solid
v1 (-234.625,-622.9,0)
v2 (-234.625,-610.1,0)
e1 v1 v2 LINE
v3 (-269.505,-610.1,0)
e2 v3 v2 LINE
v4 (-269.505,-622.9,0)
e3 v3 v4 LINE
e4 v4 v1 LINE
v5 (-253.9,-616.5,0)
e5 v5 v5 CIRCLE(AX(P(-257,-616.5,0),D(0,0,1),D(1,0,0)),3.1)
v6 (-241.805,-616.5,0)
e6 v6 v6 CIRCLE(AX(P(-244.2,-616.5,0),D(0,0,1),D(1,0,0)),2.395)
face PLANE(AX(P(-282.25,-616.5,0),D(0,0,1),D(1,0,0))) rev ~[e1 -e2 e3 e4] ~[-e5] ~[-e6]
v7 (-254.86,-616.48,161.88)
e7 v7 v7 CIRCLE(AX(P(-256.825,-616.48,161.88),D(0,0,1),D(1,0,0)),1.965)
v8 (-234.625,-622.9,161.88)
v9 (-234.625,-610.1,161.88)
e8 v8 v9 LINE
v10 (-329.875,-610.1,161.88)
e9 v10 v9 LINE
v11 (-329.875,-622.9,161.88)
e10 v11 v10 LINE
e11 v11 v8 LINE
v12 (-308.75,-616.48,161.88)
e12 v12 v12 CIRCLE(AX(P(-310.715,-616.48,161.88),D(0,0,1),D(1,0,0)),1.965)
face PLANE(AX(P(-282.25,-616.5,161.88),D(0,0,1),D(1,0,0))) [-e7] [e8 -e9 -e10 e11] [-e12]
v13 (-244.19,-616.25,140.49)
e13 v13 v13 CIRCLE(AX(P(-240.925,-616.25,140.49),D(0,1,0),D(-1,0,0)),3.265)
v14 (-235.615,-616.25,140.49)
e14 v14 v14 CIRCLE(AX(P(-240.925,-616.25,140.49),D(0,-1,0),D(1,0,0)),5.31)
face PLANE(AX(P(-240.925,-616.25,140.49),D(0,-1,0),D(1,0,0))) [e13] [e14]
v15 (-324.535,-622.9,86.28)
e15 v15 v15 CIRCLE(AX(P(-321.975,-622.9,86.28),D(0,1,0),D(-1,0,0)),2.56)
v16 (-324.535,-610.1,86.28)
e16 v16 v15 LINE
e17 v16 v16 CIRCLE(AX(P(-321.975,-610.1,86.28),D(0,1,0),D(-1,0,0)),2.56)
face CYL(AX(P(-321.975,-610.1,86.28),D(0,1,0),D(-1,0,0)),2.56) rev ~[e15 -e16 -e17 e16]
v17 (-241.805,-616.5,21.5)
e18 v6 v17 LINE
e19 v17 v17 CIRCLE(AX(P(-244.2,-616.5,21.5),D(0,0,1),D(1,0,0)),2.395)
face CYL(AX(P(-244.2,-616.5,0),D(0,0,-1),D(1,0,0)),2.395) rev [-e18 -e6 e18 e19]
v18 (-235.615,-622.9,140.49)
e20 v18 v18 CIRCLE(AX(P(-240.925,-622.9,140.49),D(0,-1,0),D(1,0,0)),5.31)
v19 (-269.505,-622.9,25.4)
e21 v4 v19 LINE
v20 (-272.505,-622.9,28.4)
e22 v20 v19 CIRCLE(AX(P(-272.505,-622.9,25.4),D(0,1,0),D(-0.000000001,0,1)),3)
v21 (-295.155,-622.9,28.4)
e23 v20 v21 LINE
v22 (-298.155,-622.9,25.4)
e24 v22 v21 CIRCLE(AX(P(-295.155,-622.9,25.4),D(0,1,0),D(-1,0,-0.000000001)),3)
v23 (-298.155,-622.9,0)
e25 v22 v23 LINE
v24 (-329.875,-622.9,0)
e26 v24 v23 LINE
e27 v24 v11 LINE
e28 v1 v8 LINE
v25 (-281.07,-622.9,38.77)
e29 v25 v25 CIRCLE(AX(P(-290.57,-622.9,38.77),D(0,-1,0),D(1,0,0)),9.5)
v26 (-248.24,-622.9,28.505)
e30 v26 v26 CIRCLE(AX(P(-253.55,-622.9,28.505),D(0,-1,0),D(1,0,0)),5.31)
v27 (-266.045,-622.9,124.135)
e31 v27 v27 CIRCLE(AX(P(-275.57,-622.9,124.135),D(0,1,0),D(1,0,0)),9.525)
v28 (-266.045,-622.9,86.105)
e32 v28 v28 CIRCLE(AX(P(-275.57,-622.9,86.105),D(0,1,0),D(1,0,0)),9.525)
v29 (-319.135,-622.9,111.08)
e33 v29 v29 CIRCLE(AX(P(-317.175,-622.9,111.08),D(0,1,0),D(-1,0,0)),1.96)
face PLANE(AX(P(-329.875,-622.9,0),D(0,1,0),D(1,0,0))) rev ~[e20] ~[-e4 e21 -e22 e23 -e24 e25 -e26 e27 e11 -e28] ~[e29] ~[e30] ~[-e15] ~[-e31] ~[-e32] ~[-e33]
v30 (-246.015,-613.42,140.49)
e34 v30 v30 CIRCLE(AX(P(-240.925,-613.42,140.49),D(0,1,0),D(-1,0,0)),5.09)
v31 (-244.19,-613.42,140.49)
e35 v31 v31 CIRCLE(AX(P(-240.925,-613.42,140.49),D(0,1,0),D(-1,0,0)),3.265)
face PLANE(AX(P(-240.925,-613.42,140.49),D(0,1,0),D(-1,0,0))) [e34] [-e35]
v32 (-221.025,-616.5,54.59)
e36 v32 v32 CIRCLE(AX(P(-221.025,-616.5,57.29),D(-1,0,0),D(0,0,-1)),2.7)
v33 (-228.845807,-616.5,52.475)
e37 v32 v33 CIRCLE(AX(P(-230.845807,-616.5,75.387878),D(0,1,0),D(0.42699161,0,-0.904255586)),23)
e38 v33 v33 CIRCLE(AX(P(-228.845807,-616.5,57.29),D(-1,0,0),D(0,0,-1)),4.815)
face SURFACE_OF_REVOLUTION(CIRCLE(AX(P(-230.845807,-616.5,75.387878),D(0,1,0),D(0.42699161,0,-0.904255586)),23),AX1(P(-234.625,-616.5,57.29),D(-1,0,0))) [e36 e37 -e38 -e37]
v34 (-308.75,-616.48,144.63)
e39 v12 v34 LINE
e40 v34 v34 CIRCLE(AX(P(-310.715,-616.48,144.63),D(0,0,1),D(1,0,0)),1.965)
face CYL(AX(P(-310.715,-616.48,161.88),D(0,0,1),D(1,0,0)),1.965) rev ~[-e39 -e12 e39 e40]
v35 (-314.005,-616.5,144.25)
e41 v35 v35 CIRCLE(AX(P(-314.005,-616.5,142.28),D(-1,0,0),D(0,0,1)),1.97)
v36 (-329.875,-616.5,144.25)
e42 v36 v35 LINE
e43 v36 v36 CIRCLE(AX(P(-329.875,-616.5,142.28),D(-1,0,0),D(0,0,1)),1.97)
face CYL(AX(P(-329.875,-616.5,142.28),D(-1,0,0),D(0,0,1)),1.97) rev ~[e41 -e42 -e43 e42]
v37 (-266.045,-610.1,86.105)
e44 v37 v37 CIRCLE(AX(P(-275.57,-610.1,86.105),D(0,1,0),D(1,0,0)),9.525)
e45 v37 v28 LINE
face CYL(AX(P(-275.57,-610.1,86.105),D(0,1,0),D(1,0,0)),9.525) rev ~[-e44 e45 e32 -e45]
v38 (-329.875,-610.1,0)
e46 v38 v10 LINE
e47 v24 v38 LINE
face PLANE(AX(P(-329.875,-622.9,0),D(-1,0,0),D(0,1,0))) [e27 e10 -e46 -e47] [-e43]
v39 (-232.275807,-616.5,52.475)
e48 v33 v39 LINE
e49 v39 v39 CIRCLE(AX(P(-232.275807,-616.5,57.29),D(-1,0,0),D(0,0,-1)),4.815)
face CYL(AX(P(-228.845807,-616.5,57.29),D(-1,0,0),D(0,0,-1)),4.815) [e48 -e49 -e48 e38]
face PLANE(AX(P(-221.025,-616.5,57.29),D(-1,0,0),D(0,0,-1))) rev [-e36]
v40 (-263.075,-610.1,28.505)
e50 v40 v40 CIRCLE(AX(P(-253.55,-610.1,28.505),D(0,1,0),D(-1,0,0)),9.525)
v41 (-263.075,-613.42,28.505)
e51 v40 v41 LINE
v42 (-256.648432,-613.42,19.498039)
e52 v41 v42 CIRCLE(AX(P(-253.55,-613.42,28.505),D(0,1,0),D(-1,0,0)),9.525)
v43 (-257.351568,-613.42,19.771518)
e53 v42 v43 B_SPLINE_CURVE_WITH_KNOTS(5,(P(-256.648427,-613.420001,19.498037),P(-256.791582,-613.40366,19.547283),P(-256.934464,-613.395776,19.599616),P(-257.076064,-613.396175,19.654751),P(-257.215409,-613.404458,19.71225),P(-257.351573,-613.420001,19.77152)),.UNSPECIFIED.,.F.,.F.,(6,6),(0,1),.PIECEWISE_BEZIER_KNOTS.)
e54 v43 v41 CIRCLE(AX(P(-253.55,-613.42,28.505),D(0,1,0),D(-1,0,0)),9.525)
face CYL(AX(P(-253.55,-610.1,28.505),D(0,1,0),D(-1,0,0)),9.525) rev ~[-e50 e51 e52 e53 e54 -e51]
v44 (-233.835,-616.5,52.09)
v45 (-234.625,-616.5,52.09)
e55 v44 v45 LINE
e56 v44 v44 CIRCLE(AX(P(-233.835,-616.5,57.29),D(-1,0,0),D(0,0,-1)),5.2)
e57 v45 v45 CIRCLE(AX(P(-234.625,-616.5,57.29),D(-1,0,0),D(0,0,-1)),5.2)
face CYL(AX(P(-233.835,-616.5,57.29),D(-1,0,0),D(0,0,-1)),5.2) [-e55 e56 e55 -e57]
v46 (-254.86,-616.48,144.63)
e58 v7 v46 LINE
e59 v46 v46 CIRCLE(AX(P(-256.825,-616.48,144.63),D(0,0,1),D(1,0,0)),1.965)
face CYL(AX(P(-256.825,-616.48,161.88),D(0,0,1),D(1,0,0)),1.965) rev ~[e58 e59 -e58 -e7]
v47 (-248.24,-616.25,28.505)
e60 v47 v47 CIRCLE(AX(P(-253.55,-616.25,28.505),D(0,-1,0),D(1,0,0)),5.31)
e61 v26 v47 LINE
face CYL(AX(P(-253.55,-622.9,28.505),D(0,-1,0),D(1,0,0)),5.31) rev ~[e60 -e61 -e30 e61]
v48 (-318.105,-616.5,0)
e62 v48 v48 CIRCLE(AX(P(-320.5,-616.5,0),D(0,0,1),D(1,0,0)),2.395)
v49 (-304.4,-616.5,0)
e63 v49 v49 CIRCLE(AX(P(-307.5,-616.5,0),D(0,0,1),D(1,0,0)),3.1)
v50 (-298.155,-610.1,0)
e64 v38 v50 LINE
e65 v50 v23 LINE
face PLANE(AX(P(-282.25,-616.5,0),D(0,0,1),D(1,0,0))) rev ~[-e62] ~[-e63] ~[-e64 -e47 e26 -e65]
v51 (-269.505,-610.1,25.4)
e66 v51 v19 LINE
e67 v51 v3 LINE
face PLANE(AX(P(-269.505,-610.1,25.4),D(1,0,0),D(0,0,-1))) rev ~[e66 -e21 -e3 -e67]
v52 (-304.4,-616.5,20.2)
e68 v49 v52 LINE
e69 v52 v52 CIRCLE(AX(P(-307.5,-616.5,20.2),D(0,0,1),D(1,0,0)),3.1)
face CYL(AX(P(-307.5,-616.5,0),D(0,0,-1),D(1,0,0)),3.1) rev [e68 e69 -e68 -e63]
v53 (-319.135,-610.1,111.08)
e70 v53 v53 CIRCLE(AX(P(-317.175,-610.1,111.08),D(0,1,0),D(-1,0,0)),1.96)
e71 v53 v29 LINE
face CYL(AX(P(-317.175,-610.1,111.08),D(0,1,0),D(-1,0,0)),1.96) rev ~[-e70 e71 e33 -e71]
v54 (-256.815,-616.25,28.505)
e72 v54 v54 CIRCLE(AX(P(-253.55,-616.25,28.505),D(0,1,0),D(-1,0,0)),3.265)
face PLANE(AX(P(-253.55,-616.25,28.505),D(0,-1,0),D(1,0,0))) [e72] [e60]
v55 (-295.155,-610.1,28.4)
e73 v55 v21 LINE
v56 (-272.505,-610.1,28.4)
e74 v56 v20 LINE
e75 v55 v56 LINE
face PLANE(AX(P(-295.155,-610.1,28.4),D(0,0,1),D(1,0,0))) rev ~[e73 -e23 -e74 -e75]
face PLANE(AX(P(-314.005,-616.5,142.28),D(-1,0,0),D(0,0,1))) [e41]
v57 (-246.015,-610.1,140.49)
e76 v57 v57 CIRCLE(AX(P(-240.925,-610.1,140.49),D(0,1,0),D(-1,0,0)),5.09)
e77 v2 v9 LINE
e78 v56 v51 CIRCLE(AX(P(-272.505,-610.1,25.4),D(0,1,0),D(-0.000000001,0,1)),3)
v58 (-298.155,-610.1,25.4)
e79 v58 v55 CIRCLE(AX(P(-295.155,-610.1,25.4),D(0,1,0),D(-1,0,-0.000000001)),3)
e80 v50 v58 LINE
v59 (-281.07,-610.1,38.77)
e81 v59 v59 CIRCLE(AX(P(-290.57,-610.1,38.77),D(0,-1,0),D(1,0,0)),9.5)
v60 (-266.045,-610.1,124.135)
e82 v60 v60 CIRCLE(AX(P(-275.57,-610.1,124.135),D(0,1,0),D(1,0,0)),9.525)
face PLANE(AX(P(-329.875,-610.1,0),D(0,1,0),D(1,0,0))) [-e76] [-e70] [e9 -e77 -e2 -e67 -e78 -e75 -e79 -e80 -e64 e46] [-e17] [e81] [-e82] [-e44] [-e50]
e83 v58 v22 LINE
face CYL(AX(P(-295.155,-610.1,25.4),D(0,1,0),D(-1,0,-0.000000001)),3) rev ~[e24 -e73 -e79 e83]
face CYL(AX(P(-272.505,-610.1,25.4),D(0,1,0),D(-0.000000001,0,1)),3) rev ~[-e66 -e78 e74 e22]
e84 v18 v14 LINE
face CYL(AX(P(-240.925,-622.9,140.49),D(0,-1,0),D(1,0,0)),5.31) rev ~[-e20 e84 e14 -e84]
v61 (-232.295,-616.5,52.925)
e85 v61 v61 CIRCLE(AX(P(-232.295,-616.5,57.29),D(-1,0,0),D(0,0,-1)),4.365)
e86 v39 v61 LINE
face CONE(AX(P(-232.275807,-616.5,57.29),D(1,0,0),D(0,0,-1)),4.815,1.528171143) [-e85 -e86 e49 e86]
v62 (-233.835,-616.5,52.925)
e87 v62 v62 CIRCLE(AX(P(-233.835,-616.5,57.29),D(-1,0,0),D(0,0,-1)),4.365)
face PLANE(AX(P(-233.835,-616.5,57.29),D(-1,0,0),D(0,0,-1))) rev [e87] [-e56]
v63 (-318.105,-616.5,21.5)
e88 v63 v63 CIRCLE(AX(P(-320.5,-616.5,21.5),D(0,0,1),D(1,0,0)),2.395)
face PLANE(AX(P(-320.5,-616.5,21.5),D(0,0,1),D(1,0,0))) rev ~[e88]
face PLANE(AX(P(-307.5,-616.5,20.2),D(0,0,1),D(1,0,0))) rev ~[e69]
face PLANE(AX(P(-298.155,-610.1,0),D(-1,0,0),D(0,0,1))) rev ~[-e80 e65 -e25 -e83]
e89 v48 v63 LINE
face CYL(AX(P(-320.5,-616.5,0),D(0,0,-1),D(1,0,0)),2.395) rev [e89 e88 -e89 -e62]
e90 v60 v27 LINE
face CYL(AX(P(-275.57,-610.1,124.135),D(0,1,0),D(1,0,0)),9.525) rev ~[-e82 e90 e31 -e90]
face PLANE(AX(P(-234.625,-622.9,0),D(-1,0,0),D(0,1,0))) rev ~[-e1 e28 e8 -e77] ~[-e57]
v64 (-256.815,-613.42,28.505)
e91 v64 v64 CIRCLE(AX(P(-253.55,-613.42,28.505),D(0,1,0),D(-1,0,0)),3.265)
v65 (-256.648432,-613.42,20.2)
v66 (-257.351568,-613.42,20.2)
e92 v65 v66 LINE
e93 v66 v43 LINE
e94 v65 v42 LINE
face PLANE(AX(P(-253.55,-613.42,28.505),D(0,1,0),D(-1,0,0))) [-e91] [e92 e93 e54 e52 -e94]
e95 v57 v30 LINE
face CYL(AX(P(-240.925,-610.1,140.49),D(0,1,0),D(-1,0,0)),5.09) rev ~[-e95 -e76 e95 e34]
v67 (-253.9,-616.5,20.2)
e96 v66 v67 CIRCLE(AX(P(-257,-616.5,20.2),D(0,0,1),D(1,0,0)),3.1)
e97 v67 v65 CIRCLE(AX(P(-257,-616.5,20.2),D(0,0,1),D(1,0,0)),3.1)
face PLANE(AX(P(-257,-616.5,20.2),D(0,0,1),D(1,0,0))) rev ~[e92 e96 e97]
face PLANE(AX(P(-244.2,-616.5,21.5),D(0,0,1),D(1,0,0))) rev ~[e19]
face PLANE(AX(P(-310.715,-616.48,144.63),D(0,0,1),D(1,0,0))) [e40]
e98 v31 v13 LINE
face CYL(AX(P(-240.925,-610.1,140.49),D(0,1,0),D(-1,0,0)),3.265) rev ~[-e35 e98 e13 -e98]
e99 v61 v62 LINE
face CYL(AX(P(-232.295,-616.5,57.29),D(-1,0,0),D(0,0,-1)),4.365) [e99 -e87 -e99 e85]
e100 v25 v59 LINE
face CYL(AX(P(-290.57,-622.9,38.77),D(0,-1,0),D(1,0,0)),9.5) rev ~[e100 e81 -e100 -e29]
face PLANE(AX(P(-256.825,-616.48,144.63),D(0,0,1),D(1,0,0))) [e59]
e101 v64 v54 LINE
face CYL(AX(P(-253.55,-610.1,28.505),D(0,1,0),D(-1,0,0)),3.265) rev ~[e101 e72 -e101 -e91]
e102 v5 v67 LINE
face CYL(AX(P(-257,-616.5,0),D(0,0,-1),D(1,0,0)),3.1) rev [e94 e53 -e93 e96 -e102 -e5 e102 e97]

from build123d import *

# Parameters (mm, degrees)
SKETCH1_W           = 95.25
SKETCH1_H           = 12.8
BOSS_EXTRUDE1_DEPTH = 161.88
SKETCH1_3_R         = 3.1
CUT_EXTRUDE1_DEPTH  = 20.2
SKETCH1_4_R         = 2.395
CUT_EXTRUDE2_DEPTH  = 21.5
CUT_EXTRUDE3_REACH  = 369.677
SKETCH2_R           = 9.525
CUT_EXTRUDE4_REACH  = 369.677
SKETCH3_R           = 3.265
SKETCH3_R_2         = 1.96
SKETCH3_R_3         = 2.56
SKETCH4_R           = 9.525
SKETCH4_R_2         = 5.09
CUT_EXTRUDE5_DEPTH  = 3.32
SKETCH5_R           = 5.31
CUT_EXTRUDE6_DEPTH  = 6.65
SKETCH6_R           = 1.965
CUT_EXTRUDE7_DEPTH  = 17.25
SKETCH7_R           = 1.97
CUT_EXTRUDE8_DEPTH  = 15.87
SKETCH9_R           = 9.5
CUT_EXTRUDE9_DEPTH  = 368.677154617


with BuildPart() as part:
    # Sketch1 → Boss-Extrude1 (new body)
    with BuildSketch(Plane.XY):
        with Locations((-282.25, -616.5)):
            Rectangle(SKETCH1_W, SKETCH1_H)
    extrude(amount=BOSS_EXTRUDE1_DEPTH)

    # Sketch1<3> → Cut-Extrude1 (cut)
    with BuildSketch(Plane.XY):
        with Locations((-257, -616.5)):
            Circle(SKETCH1_3_R)
        with Locations((-307.5, -616.5)):
            Circle(SKETCH1_3_R)
    extrude(amount=CUT_EXTRUDE1_DEPTH, mode=Mode.SUBTRACT)

    # Sketch1<4> → Cut-Extrude2 (cut)
    with BuildSketch(Plane.XY):
        with Locations((-244.2, -616.5)):
            Circle(SKETCH1_4_R)
        with Locations((-320.5, -616.5)):
            Circle(SKETCH1_4_R)
    extrude(amount=CUT_EXTRUDE2_DEPTH, mode=Mode.SUBTRACT)

    # Sketch2 → Cut-Extrude3 (cut, up to next)
    with BuildSketch(Plane(origin=(0, -610.1, 0), x_dir=(1, 0, 0), z_dir=(0, 1, 0)), mode=Mode.PRIVATE) as cut_extrude3_sk1:
        with Locations((-275.57, -124.135)):
            Circle(SKETCH2_R)
    cut_extrude3_tool1 = extrude(cut_extrude3_sk1.sketch, amount=-CUT_EXTRUDE3_REACH, mode=Mode.PRIVATE) & part.part
    # Sketch2 → Cut-Extrude3 (cut, up to next)
    with BuildSketch(Plane(origin=(0, -610.1, 0), x_dir=(1, 0, 0), z_dir=(0, 1, 0)), mode=Mode.PRIVATE) as cut_extrude3_sk2:
        with Locations((-275.57, -86.105)):
            Circle(SKETCH2_R)
    cut_extrude3_tool2 = extrude(cut_extrude3_sk2.sketch, amount=-CUT_EXTRUDE3_REACH, mode=Mode.PRIVATE) & part.part
    # Sketch2 → Cut-Extrude3 (cut, up to next)
    with BuildSketch(Plane(origin=(0, -610.1, 0), x_dir=(1, 0, 0), z_dir=(0, 1, 0)), mode=Mode.PRIVATE) as cut_extrude3_sk3:
        with BuildLine():
            Line((-269.505, 0), (-298.155, 0))
            Line((-298.155, 0), (-298.155, -25.4))
            ThreePointArc((-298.155, -25.4), (-297.276320344, -27.521320344), (-295.155, -28.4))
            Line((-295.155, -28.4), (-272.505, -28.4))
            ThreePointArc((-272.505, -28.4), (-270.383679656, -27.521320344), (-269.505, -25.4))
            Line((-269.505, -25.4), (-269.505, 0))
        make_face()
    cut_extrude3_tool3 = extrude(cut_extrude3_sk3.sketch, amount=-CUT_EXTRUDE3_REACH, mode=Mode.PRIVATE) & part.part
    add(cut_extrude3_tool1.solids().sort_by_distance((-275.57, -610.1, 124.135))[0], mode=Mode.SUBTRACT)
    add(cut_extrude3_tool2.solids().sort_by_distance((-275.57, -610.1, 86.105))[0], mode=Mode.SUBTRACT)
    add(cut_extrude3_tool3.solids().sort_by_distance((-283.83, -610.1, 14.135461))[0], mode=Mode.SUBTRACT)

    # Sketch3 → Cut-Extrude4 (cut, up to next)
    with BuildSketch(Plane(origin=(0, -610.1, 0), x_dir=(-1, 0, 0), z_dir=(0, 1, 0)), mode=Mode.PRIVATE) as cut_extrude4_sk1:
        with Locations((240.925, 140.49)):
            Circle(SKETCH3_R)
    cut_extrude4_tool1 = extrude(cut_extrude4_sk1.sketch, amount=-CUT_EXTRUDE4_REACH, mode=Mode.PRIVATE) & part.part
    # Sketch3 → Cut-Extrude4 (cut, up to next)
    with BuildSketch(Plane(origin=(0, -610.1, 0), x_dir=(-1, 0, 0), z_dir=(0, 1, 0)), mode=Mode.PRIVATE) as cut_extrude4_sk2:
        with Locations((253.55, 28.505)):
            Circle(SKETCH3_R)
    cut_extrude4_tool2 = extrude(cut_extrude4_sk2.sketch, amount=-CUT_EXTRUDE4_REACH, mode=Mode.PRIVATE) & part.part
    # Sketch3 → Cut-Extrude4 (cut, up to next)
    with BuildSketch(Plane(origin=(0, -610.1, 0), x_dir=(-1, 0, 0), z_dir=(0, 1, 0)), mode=Mode.PRIVATE) as cut_extrude4_sk3:
        with Locations((317.175, 111.08)):
            Circle(SKETCH3_R_2)
    cut_extrude4_tool3 = extrude(cut_extrude4_sk3.sketch, amount=-CUT_EXTRUDE4_REACH, mode=Mode.PRIVATE) & part.part
    # Sketch3 → Cut-Extrude4 (cut, up to next)
    with BuildSketch(Plane(origin=(0, -610.1, 0), x_dir=(-1, 0, 0), z_dir=(0, 1, 0)), mode=Mode.PRIVATE) as cut_extrude4_sk4:
        with Locations((321.975, 86.28)):
            Circle(SKETCH3_R_3)
    cut_extrude4_tool4 = extrude(cut_extrude4_sk4.sketch, amount=-CUT_EXTRUDE4_REACH, mode=Mode.PRIVATE) & part.part
    add(cut_extrude4_tool1.solids().sort_by_distance((-240.925, -610.1, 140.49))[0], mode=Mode.SUBTRACT)
    add(cut_extrude4_tool2.solids().sort_by_distance((-253.55, -610.1, 28.505))[0], mode=Mode.SUBTRACT)
    add(cut_extrude4_tool3.solids().sort_by_distance((-317.175, -610.1, 111.08))[0], mode=Mode.SUBTRACT)
    add(cut_extrude4_tool4.solids().sort_by_distance((-321.975, -610.1, 86.28))[0], mode=Mode.SUBTRACT)

    # Sketch4 → Cut-Extrude5 (cut)
    with BuildSketch(Plane(origin=(0, -610.1, 0), x_dir=(-1, 0, 0), z_dir=(0, 1, 0))):
        with Locations((253.55, 28.505)):
            Circle(SKETCH4_R)
        with Locations((240.925, 140.49)):
            Circle(SKETCH4_R_2)
    extrude(amount=-CUT_EXTRUDE5_DEPTH, mode=Mode.SUBTRACT)

    # Sketch5 → Cut-Extrude6 (cut)
    with BuildSketch(Plane.XZ.offset(622.9)):
        with Locations((-240.925, 140.49)):
            Circle(SKETCH5_R)
        with Locations((-253.55, 28.505)):
            Circle(SKETCH5_R)
    extrude(amount=-CUT_EXTRUDE6_DEPTH, mode=Mode.SUBTRACT)

    # Sketch6 → Cut-Extrude7 (cut)
    with BuildSketch(Plane.XY.offset(161.88)):
        with Locations((-310.715, -616.48)):
            Circle(SKETCH6_R)
        with Locations((-256.825, -616.48)):
            Circle(SKETCH6_R)
    extrude(amount=-CUT_EXTRUDE7_DEPTH, mode=Mode.SUBTRACT)

    # Sketch7 → Cut-Extrude8 (cut)
    with BuildSketch(Plane.ZY.offset(329.875)):
        with Locations((142.28, -616.5)):
            Circle(SKETCH7_R)
    extrude(amount=-CUT_EXTRUDE8_DEPTH, mode=Mode.SUBTRACT)

    # Sketch8 → Revolve1 (revolve)
    with BuildSketch(Plane(origin=(0, -616.5, 0), x_dir=(-1, 0, 0), z_dir=(0, 1, 0))):
        with BuildLine():
            Line((234.625, 57.29), (221.025, 57.29))
            Line((221.025, 57.29), (221.025, 54.59))
            ThreePointArc((221.025, 54.59), (224.841543887, 53.18542762), (228.845807042, 52.475))
            Line((228.845807042, 52.475), (232.275807042, 52.475))
            Line((232.275807042, 52.475), (232.295, 52.925))
            Line((232.295, 52.925), (233.835, 52.925))
            Line((233.835, 52.925), (233.835, 52.09))
            Line((233.835, 52.09), (234.625, 52.09))
            Line((234.625, 52.09), (234.625, 57.29))
        make_face()
    revolve(axis=Axis((-234.625, -616.5, 57.29), (-1, 0, 0)))

    # Sketch9 → Cut-Extrude9 (cut, through all)
    with BuildSketch(Plane.XZ.offset(622.9)):
        with Locations((-290.57, 38.77)):
            Circle(SKETCH9_R)
    extrude(amount=-CUT_EXTRUDE9_DEPTH, mode=Mode.SUBTRACT)


solid = part.part
